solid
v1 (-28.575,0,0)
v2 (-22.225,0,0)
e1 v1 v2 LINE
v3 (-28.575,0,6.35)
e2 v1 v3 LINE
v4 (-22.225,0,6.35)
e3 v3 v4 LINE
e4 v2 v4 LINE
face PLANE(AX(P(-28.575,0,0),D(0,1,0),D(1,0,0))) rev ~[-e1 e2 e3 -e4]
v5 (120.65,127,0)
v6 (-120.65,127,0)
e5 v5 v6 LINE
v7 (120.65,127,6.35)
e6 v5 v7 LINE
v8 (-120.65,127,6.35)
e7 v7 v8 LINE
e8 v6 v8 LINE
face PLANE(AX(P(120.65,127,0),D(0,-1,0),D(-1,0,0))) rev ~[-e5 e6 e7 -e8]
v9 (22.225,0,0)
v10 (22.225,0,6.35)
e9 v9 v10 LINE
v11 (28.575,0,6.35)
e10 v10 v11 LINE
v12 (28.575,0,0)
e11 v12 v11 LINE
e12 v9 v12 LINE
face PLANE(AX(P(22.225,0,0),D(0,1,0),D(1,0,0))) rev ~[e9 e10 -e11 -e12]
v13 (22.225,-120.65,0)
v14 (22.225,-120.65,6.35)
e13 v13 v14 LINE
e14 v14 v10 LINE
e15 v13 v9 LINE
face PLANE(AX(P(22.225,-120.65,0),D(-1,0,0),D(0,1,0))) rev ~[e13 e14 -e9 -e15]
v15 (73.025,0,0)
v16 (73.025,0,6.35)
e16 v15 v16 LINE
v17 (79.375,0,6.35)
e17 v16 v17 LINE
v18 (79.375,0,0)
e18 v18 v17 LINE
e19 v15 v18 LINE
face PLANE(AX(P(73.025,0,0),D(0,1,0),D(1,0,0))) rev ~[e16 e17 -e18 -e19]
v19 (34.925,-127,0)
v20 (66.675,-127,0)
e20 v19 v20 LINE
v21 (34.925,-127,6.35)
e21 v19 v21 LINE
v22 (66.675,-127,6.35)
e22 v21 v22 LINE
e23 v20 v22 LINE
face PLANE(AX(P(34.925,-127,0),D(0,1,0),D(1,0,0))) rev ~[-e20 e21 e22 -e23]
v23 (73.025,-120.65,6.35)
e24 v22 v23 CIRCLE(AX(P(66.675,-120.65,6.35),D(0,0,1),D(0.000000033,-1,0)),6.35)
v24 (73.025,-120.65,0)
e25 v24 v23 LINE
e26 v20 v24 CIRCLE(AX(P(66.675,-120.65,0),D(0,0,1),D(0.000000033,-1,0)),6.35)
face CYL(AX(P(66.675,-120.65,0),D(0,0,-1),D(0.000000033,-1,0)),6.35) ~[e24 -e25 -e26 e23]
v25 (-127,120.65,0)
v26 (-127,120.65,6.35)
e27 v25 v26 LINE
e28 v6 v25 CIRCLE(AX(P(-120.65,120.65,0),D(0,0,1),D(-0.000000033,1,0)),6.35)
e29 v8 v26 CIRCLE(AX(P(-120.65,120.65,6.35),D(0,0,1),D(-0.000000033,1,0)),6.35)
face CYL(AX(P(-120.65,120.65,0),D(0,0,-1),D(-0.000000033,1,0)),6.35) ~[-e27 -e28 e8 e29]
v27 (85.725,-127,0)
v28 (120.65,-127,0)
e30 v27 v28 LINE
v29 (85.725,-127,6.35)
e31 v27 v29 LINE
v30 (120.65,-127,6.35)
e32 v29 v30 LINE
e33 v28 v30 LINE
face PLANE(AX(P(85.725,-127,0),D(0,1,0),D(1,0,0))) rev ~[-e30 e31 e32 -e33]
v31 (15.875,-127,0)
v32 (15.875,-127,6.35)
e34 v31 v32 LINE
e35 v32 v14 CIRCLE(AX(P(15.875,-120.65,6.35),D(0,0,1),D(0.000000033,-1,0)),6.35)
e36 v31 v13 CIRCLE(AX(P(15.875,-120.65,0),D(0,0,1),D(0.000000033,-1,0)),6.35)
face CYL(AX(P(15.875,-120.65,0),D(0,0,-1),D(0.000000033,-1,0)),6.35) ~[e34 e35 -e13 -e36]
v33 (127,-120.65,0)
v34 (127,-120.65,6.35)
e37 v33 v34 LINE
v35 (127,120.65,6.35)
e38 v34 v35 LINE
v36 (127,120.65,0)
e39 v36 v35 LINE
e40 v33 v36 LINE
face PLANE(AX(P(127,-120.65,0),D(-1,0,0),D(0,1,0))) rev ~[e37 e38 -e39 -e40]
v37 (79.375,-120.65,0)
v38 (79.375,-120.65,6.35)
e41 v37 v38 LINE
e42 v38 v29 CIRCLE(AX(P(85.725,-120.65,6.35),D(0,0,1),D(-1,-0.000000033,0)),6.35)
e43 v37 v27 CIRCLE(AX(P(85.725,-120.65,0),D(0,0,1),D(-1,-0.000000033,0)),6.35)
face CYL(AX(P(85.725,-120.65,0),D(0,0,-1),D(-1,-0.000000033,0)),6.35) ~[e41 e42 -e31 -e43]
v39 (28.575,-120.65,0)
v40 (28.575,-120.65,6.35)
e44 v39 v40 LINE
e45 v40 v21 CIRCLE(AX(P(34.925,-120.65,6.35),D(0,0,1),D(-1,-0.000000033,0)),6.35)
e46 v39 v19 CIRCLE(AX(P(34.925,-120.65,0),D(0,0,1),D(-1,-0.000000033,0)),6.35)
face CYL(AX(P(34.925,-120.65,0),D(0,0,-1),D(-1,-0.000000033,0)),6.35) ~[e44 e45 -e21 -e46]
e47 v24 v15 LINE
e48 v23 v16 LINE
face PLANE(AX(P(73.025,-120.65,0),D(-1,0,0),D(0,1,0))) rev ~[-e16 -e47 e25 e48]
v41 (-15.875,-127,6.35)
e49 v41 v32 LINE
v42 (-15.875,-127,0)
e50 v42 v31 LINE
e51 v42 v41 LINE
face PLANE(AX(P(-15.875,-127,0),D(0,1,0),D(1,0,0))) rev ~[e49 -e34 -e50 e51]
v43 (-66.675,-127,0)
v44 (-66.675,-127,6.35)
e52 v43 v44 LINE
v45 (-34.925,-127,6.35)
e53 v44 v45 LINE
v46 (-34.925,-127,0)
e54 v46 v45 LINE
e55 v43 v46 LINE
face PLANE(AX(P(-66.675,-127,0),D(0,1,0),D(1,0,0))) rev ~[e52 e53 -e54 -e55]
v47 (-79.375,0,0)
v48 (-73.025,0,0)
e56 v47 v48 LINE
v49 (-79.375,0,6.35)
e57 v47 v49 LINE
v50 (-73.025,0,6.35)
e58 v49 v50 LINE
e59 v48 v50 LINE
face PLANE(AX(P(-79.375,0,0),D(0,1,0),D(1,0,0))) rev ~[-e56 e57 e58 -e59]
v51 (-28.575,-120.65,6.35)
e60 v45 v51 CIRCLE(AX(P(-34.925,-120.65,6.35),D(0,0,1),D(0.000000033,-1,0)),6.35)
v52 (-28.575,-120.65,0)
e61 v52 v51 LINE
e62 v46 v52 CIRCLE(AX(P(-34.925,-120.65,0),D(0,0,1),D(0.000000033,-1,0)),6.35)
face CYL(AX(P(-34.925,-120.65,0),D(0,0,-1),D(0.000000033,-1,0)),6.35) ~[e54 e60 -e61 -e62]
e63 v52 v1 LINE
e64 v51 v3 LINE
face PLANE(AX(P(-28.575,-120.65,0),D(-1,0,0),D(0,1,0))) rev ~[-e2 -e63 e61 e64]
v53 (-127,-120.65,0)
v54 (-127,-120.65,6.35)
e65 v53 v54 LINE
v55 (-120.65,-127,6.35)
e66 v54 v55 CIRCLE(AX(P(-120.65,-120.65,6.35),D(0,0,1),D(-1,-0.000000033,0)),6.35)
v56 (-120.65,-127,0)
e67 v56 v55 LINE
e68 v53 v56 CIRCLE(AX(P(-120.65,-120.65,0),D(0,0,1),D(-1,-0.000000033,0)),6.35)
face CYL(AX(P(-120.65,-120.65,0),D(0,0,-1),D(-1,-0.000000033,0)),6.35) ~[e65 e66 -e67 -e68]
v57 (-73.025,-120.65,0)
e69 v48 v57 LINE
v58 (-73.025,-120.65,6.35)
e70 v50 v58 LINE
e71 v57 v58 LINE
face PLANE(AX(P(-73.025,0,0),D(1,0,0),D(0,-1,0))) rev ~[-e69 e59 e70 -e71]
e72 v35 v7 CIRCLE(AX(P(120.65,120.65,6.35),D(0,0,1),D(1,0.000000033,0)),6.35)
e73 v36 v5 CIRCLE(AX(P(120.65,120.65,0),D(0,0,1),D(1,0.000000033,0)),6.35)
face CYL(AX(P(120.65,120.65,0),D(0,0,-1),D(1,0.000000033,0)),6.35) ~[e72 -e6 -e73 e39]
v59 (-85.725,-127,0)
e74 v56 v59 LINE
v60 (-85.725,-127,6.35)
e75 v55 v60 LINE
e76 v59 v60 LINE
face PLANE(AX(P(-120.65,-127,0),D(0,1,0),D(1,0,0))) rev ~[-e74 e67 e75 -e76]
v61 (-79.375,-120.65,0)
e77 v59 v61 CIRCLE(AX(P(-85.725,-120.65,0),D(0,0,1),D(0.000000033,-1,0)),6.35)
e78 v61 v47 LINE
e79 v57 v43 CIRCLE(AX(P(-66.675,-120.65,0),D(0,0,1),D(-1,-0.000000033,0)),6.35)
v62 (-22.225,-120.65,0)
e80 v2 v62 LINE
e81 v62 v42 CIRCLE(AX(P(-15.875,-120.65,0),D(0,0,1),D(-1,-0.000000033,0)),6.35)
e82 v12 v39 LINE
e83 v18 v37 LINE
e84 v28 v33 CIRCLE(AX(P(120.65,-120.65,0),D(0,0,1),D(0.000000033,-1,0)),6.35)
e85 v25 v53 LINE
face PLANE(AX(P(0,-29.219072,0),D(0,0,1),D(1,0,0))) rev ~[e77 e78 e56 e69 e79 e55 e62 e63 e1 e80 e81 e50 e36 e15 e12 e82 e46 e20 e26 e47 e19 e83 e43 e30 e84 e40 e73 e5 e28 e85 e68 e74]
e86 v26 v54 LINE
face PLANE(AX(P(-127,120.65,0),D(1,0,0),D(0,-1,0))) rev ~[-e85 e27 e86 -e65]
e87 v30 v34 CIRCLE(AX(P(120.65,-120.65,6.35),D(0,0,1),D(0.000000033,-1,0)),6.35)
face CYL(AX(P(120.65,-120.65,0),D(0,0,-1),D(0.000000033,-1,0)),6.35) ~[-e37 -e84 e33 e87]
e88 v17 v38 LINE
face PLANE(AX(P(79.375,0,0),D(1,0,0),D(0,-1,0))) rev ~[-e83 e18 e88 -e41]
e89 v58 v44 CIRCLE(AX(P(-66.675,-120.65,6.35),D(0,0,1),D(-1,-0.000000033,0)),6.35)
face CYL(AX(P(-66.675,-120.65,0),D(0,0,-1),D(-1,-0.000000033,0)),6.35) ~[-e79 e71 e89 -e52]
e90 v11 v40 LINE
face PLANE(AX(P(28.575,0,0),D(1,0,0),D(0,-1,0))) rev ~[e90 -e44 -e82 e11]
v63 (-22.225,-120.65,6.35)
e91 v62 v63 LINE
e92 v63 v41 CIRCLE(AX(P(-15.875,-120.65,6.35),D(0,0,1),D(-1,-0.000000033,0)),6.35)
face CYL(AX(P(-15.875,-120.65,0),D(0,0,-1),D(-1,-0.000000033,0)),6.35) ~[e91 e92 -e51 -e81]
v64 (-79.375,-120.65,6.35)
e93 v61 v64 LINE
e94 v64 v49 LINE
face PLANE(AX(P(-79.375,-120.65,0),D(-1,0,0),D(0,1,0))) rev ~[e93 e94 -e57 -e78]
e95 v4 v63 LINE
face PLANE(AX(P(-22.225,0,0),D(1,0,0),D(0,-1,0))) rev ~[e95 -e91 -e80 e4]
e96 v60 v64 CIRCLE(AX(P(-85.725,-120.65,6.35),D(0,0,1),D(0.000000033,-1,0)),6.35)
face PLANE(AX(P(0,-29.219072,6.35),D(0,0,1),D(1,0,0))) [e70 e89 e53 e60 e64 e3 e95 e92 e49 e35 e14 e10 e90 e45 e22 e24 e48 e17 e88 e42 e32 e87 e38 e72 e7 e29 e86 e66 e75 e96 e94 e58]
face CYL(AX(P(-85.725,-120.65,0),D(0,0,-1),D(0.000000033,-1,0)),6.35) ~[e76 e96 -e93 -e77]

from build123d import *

# Parameters (mm, degrees)
F1_DEPTH = 6.35


with BuildPart() as f1:
    # F0 (on Top) → F1 (new body)
    with BuildSketch(Plane.XY):
        with BuildLine():
            ThreePointArc((127, 120.65), (125.140128, 125.140128), (120.65, 127))
            Line((120.65, 127), (-120.65, 127))
            ThreePointArc((-120.65, 127), (-125.140128, 125.140128), (-127, 120.65))
            Line((-127, 120.65), (-127, -120.65))
            ThreePointArc((-127, -120.65), (-125.140128, -125.140128), (-120.65, -127))
            Line((-120.65, -127), (-85.725, -127))
            ThreePointArc((-85.725, -127), (-81.234872, -125.140128), (-79.375, -120.65))
            Line((-79.375, -120.65), (-79.375, 0))
            Line((-79.375, 0), (-73.025, 0))
            Line((-73.025, 0), (-73.025, -120.65))
            ThreePointArc((-73.025, -120.65), (-71.165128, -125.140128), (-66.675, -127))
            Line((-66.675, -127), (-34.925, -127))
            ThreePointArc((-34.925, -127), (-30.434872, -125.140128), (-28.575, -120.65))
            Line((-28.575, -120.65), (-28.575, 0))
            Line((-28.575, 0), (-22.225, 0))
            Line((-22.225, 0), (-22.225, -120.65))
            ThreePointArc((-22.225, -120.65), (-20.365128, -125.140128), (-15.875, -127))
            Line((-15.875, -127), (15.875, -127))
            ThreePointArc((15.875, -127), (20.365128, -125.140128), (22.225, -120.65))
            Line((22.225, -120.65), (22.225, 0))
            Line((22.225, 0), (28.575, 0))
            Line((28.575, 0), (28.575, -120.65))
            ThreePointArc((28.575, -120.65), (30.434872, -125.140128), (34.925, -127))
            Line((34.925, -127), (66.675, -127))
            ThreePointArc((66.675, -127), (71.165128, -125.140128), (73.025, -120.65))
            Line((73.025, -120.65), (73.025, 0))
            Line((73.025, 0), (79.375, 0))
            Line((79.375, 0), (79.375, -120.65))
            ThreePointArc((79.375, -120.65), (81.234872, -125.140128), (85.725, -127))
            Line((85.725, -127), (120.65, -127))
            ThreePointArc((120.65, -127), (125.140128, -125.140128), (127, -120.65))
            Line((127, -120.65), (127, 120.65))
        make_face()
    extrude(amount=F1_DEPTH)


solid = f1.part
